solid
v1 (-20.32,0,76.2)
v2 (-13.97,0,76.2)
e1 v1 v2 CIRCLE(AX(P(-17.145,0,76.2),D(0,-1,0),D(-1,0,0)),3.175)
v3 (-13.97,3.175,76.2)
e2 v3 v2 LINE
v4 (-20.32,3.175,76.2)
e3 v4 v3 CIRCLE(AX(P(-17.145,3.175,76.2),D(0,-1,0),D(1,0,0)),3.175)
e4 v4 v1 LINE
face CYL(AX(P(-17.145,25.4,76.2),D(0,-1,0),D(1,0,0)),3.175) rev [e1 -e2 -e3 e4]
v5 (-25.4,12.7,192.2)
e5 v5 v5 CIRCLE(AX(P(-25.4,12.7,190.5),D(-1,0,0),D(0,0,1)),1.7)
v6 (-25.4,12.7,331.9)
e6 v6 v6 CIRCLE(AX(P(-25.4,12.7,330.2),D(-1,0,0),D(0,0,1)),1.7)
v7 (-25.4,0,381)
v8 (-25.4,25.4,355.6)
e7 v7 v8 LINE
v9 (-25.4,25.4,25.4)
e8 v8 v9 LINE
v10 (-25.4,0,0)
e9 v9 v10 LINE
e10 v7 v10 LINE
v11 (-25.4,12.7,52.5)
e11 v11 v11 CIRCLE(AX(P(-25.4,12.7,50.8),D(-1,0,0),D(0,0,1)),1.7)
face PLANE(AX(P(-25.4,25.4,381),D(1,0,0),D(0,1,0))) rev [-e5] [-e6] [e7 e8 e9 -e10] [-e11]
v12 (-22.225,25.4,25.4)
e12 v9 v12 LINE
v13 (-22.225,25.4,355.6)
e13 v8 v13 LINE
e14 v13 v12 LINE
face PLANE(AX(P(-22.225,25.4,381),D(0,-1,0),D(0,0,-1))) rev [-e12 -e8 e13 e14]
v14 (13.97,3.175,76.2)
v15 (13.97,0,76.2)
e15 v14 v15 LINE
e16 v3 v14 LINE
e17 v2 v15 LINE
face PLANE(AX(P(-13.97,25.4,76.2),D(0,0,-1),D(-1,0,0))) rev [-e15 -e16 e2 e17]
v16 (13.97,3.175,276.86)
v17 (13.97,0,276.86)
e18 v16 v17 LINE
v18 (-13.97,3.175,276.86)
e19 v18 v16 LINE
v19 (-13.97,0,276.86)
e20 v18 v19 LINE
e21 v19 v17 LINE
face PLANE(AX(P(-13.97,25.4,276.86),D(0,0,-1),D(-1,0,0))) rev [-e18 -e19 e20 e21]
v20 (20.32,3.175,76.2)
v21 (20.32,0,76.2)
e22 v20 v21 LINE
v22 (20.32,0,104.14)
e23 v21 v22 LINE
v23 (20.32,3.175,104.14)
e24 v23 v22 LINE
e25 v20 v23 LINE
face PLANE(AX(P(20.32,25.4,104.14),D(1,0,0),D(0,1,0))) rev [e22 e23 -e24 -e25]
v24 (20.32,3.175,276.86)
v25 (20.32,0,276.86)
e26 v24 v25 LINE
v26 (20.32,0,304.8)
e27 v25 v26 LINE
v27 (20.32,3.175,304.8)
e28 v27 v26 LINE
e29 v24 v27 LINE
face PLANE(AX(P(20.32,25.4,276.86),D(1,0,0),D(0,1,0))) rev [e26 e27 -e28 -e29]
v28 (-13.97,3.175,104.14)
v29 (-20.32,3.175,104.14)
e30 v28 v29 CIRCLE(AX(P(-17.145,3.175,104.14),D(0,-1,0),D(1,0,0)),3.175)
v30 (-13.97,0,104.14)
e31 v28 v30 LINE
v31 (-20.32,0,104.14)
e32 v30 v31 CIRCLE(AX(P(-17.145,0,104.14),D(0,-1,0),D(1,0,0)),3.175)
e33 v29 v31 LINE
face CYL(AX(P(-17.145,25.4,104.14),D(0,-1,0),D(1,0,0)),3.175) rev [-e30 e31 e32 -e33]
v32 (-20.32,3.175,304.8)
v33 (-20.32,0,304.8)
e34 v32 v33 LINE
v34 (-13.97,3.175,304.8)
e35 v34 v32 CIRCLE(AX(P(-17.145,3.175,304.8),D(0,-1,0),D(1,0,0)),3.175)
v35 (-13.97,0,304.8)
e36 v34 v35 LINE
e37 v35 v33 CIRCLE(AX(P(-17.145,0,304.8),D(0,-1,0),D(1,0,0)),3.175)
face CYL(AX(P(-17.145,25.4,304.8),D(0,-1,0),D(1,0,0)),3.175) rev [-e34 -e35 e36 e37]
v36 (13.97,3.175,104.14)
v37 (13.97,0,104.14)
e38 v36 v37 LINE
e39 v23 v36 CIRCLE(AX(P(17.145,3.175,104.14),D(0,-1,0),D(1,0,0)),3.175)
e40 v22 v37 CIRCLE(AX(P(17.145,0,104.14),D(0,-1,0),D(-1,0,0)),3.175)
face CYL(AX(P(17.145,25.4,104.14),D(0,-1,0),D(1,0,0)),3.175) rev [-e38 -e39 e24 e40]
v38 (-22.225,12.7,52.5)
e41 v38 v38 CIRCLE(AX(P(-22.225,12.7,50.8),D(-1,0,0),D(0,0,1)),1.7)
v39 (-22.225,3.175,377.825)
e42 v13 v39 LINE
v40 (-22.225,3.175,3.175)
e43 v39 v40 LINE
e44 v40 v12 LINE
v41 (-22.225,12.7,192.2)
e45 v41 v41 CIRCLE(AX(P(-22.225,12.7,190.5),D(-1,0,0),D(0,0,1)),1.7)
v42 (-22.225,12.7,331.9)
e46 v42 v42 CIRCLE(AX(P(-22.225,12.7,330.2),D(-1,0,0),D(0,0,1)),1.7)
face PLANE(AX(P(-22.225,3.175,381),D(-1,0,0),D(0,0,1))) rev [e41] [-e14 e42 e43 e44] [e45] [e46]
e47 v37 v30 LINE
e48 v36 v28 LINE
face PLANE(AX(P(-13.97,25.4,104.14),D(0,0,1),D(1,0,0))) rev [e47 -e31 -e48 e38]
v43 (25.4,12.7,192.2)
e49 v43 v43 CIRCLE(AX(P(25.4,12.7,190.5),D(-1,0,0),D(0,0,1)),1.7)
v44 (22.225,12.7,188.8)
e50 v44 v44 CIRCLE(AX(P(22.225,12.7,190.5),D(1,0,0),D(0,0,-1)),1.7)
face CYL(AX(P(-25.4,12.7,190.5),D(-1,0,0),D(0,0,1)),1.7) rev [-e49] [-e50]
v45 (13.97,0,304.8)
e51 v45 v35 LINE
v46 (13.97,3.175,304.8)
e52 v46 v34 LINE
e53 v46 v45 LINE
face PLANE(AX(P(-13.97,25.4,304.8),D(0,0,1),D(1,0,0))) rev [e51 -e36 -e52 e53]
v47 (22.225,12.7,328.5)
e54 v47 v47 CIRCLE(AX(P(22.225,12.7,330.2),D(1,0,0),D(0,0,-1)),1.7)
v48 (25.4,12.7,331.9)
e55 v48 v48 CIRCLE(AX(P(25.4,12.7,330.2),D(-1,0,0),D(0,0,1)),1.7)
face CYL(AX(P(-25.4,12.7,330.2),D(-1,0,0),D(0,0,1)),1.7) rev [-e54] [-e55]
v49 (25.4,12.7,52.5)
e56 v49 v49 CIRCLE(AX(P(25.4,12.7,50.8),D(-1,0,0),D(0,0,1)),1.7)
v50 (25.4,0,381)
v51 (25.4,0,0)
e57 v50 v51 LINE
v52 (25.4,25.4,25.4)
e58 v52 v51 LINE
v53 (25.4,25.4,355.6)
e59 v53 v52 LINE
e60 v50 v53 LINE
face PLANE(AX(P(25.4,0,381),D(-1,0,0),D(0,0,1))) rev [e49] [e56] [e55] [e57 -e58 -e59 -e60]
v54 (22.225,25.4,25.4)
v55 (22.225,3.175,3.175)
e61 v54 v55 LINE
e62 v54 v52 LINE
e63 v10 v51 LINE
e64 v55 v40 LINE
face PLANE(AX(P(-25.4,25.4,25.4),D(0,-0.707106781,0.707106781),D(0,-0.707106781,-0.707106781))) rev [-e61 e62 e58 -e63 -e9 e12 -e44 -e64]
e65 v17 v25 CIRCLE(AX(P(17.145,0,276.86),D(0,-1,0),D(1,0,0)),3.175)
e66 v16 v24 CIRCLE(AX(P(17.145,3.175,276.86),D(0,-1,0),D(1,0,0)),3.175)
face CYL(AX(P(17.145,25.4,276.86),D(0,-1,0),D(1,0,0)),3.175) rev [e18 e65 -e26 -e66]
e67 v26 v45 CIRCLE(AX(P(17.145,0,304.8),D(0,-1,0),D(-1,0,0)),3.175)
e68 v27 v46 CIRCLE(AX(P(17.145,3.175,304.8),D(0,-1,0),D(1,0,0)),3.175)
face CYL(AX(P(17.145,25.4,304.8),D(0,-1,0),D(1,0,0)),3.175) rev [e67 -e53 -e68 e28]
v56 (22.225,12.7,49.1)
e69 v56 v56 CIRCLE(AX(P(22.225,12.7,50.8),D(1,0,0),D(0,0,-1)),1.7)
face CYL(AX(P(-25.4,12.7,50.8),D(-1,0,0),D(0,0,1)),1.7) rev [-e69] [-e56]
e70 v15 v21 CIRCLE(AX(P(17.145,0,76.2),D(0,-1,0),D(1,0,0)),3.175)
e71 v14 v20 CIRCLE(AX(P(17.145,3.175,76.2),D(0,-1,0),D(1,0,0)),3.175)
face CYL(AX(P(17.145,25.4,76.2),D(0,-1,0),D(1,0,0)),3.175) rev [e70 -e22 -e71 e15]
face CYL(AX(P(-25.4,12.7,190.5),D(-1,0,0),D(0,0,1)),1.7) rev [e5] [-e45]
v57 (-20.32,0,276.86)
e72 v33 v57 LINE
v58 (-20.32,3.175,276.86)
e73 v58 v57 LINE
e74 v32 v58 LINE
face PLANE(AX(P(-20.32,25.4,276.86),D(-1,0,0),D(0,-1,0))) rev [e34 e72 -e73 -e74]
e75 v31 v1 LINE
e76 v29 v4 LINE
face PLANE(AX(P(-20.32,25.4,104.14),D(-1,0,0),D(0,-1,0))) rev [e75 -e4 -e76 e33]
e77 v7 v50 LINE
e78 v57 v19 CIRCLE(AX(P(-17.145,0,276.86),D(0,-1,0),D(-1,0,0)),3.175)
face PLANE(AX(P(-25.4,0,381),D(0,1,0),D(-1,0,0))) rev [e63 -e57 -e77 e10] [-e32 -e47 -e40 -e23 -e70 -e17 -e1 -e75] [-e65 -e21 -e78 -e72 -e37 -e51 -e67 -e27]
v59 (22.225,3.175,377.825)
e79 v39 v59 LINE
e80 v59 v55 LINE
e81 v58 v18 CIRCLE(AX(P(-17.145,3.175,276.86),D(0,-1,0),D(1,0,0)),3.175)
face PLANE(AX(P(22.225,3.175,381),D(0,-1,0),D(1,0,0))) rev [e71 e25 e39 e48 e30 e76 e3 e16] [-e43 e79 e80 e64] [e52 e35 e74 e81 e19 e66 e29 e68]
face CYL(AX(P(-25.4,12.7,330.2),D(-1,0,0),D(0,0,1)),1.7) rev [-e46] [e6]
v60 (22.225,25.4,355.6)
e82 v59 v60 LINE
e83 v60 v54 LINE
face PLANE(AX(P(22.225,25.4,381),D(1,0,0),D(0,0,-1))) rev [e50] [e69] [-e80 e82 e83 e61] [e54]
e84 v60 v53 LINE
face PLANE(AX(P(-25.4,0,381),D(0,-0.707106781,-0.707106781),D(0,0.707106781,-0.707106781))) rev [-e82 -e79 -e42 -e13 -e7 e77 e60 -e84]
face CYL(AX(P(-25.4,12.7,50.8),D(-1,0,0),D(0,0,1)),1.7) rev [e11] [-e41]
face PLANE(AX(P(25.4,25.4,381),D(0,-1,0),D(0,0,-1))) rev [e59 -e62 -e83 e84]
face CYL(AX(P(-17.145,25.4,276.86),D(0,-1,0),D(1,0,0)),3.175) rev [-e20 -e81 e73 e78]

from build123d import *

# Parameters (mm, degrees)
BOSS_EXTRUDE1_DEPTH  = 381
CUT_EXTRUDE1_DEPTH   = 51.8
CUT_EXTRUDE3_DEPTH   = 26.4
M3_CLEARANCE_HOLE1_D = 3.4


with BuildPart() as part:
    # Sketch1 → Boss-Extrude1 (new body)
    with BuildSketch(Plane.XY):
        Polygon((-25.4, 0), (25.4, 0), (25.4, 25.4), (22.225, 25.4), (22.225, 3.175), (-22.225, 3.175), (-22.225, 25.4), (-25.4, 25.4), align=None)
    extrude(amount=BOSS_EXTRUDE1_DEPTH)

    # Sketch2 → Cut-Extrude1 (cut, through all)
    with BuildSketch(Plane(origin=(25.4, 0, 0), x_dir=(0, 0, -1), z_dir=(1, 0, 0))):
        Polygon((-381, 0), (-355.6, 25.4), (-381, 25.4), align=None)
        Polygon((0, 0), (0, 25.4), (-25.4, 25.4), align=None)
    extrude(amount=-CUT_EXTRUDE1_DEPTH, mode=Mode.SUBTRACT)

    # Sketch4 → Cut-Extrude3 (cut, through all)
    with BuildSketch(Plane.XZ):
        with BuildLine():
            Line((-13.97, 276.86), (13.97, 276.86))
            ThreePointArc((13.97, 276.86), (17.145, 273.685), (20.32, 276.86))
            Line((20.32, 276.86), (20.32, 304.8))
            ThreePointArc((20.32, 304.8), (17.145, 307.975), (13.97, 304.8))
            Line((13.97, 304.8), (-13.97, 304.8))
            ThreePointArc((-13.97, 304.8), (-17.145, 307.975), (-20.32, 304.8))
            Line((-20.32, 304.8), (-20.32, 276.86))
            ThreePointArc((-20.32, 276.86), (-17.145, 273.685), (-13.97, 276.86))
        make_face()
        with BuildLine():
            Line((-20.32, 104.14), (-20.32, 76.2))
            ThreePointArc((-20.32, 76.2), (-17.145, 73.025), (-13.97, 76.2))
            Line((-13.97, 76.2), (13.97, 76.2))
            ThreePointArc((13.97, 76.2), (17.145, 73.025), (20.32, 76.2))
            Line((20.32, 76.2), (20.32, 104.14))
            ThreePointArc((20.32, 104.14), (17.145, 107.315), (13.97, 104.14))
            Line((13.97, 104.14), (-13.97, 104.14))
            ThreePointArc((-13.97, 104.14), (-17.145, 107.315), (-20.32, 104.14))
        make_face()
    extrude(amount=-CUT_EXTRUDE3_DEPTH, mode=Mode.SUBTRACT)

    # M3 Clearance Hole1 (through all)
    with Locations(Plane(origin=(-25.4, 12.7, 50.8), x_dir=(0, -1, 0), z_dir=(-1, 0, 0))):
        with Locations((0, 0), (0, 139.7), (0, 279.4)):
            Hole(M3_CLEARANCE_HOLE1_D / 2)


solid = part.part
